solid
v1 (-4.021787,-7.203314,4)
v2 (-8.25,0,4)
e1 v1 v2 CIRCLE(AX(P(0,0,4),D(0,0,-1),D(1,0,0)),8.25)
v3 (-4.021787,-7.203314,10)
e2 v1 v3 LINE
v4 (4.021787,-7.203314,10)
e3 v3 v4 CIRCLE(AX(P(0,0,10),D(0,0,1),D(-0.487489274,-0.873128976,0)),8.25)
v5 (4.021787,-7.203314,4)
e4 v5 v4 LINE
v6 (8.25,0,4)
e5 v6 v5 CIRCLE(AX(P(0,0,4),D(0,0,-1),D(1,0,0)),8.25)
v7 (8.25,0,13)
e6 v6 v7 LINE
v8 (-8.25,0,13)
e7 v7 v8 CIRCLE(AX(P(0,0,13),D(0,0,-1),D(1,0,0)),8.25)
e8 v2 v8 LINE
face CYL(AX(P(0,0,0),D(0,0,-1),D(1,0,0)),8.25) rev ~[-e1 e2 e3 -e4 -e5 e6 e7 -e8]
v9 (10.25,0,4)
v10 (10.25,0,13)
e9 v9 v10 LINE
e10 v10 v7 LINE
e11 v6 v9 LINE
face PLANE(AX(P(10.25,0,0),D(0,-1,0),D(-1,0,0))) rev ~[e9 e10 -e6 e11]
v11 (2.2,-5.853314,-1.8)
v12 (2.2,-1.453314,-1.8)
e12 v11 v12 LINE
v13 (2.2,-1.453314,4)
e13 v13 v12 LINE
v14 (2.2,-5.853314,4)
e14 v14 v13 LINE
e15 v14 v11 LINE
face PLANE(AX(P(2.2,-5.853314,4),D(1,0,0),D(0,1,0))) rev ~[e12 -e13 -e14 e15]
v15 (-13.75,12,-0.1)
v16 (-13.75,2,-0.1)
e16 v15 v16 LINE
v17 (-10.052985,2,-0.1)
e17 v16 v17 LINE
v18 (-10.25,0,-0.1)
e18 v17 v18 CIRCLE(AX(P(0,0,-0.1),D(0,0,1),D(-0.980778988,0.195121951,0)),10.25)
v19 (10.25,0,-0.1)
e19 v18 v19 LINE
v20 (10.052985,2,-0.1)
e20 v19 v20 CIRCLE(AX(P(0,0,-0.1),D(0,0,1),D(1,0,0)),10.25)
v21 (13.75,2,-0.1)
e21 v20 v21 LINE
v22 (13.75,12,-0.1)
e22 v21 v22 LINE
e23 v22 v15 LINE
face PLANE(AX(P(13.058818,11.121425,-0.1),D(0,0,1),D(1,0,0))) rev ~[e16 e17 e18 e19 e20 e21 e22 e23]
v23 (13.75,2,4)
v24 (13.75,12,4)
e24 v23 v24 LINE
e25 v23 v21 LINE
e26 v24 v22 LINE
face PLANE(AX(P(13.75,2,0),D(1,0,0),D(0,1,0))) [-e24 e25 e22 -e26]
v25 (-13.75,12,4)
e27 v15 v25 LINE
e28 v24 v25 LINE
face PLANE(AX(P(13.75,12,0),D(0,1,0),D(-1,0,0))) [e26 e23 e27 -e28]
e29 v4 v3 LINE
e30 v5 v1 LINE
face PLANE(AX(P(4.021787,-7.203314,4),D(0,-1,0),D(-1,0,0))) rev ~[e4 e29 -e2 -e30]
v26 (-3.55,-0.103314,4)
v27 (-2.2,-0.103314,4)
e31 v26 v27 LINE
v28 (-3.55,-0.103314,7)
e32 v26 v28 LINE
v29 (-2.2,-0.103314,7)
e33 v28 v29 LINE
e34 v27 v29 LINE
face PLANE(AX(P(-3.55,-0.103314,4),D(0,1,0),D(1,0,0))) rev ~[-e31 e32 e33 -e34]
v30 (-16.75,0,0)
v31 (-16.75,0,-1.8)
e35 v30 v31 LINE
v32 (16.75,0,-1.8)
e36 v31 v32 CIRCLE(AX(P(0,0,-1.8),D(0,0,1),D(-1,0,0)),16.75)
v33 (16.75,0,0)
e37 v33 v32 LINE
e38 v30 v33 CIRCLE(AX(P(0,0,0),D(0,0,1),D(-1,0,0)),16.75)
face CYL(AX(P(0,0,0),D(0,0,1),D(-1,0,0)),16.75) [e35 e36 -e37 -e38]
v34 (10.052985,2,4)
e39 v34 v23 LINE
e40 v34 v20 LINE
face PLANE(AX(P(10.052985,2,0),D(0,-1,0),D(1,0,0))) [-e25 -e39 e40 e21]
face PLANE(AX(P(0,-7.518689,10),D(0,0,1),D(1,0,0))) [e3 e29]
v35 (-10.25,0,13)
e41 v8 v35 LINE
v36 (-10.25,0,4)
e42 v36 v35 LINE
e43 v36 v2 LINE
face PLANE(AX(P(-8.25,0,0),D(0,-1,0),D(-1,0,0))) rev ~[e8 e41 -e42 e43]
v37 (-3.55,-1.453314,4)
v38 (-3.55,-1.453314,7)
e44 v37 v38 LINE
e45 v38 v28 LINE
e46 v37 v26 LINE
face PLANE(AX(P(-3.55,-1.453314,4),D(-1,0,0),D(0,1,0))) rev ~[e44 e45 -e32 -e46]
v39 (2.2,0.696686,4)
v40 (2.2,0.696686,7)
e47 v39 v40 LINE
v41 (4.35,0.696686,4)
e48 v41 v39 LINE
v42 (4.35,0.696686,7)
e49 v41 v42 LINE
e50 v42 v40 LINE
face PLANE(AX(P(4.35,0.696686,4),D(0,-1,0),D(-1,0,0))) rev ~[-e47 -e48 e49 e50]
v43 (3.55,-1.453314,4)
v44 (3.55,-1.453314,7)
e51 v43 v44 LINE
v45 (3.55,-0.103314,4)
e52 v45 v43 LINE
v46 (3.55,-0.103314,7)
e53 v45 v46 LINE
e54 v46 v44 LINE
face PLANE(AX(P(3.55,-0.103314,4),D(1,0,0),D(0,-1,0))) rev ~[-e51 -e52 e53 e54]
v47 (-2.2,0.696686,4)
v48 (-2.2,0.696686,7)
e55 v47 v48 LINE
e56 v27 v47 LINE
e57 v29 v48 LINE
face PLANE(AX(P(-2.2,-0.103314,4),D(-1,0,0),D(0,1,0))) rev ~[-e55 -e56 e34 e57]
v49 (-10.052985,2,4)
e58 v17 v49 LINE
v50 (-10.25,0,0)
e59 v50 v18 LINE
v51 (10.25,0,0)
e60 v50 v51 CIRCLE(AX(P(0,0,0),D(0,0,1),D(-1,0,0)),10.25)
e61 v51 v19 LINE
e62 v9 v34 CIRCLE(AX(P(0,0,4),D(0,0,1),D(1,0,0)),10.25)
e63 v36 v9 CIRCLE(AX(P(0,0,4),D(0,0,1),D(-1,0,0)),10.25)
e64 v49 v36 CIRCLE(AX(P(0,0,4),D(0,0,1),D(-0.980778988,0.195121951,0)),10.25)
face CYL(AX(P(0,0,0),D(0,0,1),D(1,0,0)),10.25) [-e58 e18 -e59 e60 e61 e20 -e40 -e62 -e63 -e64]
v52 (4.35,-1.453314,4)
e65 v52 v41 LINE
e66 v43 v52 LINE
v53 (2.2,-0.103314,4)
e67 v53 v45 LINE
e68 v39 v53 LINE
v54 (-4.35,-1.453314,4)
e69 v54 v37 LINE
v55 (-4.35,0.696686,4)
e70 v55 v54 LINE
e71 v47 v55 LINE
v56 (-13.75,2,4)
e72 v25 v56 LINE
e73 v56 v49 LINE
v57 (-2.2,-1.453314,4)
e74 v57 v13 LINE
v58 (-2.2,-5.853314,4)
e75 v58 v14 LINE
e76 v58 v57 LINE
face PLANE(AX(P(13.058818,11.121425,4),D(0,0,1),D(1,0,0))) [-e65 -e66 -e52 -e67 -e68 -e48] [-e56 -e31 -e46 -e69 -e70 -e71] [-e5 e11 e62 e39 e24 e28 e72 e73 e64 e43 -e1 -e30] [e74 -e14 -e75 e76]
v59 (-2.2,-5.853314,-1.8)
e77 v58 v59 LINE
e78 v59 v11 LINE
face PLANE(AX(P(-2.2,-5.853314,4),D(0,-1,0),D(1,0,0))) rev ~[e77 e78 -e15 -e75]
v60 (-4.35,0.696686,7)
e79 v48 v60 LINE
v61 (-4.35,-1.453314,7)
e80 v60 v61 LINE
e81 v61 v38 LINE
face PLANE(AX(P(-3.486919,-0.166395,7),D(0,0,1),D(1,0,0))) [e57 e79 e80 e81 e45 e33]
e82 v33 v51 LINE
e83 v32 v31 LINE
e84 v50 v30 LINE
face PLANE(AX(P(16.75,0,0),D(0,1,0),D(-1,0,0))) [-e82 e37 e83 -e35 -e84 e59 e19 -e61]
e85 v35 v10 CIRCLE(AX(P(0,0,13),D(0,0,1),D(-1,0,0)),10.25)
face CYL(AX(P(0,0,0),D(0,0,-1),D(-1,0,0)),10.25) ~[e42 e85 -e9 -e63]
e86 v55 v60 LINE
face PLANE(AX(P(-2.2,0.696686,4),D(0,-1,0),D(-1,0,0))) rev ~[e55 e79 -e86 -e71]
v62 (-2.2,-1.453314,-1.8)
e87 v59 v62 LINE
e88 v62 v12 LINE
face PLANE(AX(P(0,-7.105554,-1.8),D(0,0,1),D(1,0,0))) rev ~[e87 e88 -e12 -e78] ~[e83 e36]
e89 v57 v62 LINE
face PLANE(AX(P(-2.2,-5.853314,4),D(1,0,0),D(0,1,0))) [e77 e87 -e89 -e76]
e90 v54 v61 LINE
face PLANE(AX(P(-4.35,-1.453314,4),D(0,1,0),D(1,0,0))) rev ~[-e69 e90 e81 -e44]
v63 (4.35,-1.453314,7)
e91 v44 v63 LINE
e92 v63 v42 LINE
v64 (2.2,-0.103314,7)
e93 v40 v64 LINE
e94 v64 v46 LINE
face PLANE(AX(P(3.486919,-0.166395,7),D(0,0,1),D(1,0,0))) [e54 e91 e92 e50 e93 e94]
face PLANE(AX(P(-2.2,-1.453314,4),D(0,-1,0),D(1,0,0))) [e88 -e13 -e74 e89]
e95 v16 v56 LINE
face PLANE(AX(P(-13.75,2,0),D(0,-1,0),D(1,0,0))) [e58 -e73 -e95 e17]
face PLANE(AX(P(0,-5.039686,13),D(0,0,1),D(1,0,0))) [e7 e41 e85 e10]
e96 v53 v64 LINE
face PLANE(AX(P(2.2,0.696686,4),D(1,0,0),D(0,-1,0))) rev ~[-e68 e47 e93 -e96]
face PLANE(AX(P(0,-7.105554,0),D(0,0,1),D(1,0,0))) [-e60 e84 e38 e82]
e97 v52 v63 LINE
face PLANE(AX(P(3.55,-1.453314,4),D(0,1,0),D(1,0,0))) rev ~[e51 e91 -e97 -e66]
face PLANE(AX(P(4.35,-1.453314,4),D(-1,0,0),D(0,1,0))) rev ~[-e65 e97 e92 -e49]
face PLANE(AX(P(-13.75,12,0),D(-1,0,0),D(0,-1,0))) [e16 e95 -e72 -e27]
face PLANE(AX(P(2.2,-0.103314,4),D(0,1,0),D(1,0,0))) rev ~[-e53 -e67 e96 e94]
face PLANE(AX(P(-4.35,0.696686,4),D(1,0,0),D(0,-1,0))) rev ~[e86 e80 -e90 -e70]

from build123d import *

# Parameters (mm, degrees)
F1_DEPTH      = 1.8
F2_DEPTH      = 4
F2_DEPTH_BACK = 0.1
F3_DEPTH      = 13
F3_DEPTH_BACK = 1.7
F4_W          = 4.4
F4_H          = 4.4
F5_DEPTH      = 10
F6_DEPTH      = 3
F7_DEPTH      = 6


with BuildPart() as f1:
    # F0 (on Top) → F1 (new body)
    with BuildSketch(Plane.XY):
        with BuildLine():
            Line((-13.75, 0), (-16.75, 0))
            ThreePointArc((-16.75, 0), (0, -16.75), (16.75, 0))
            Line((16.75, 0), (13.75, 0))
            Line((13.75, 0), (10.25, 0))
            ThreePointArc((10.25, 0), (0, -10.25), (-10.25, 0))
            Line((-10.25, 0), (-13.75, 0))
        make_face()
        with BuildLine():
            Line((-8.25, 0), (-10.25, 0))
            ThreePointArc((-10.25, 0), (0, -10.25), (10.25, 0))
            Line((10.25, 0), (8.25, 0))
            ThreePointArc((8.25, 0), (0, -8.25), (-8.25, 0))
        make_face()
        with BuildLine():
            Line((8.25, 0), (-8.25, 0))
            ThreePointArc((-8.25, 0), (0, -8.25), (8.25, 0))
        make_face()
    extrude(amount=-F1_DEPTH)

    # F0 (on Top) → F2 (join, two sides)
    with BuildSketch(Plane.XY) as f2_sk:
        with BuildLine():
            ThreePointArc((11.6859958925, 12), (12.7761141335, 10.8320546365), (13.75, 9.5655632349))
            Line((13.75, 9.5655632349), (13.75, 12))
            Line((13.75, 12), (11.6859958925, 12))
        make_face()
        with BuildLine():
            ThreePointArc((-10.0529846314, 2), (-10.2006272472, 1.0048401683), (-10.25, 0))
            Line((-10.25, 0), (-8.25, 0))
            ThreePointArc((-8.25, 0), (-8.1882451935, 1.0075418854), (-8.0039052968, 2))
            Line((-8.0039052968, 2), (-10.0529846314, 2))
        make_face()
        with BuildLine():
            ThreePointArc((-8.0039052968, 2), (-8.1882451935, 1.0075418854), (-8.25, 0))
            Line((-8.25, 0), (8.25, 0))
            ThreePointArc((8.25, 0), (8.1882451935, 1.0075418854), (8.0039052968, 2))
            Line((8.0039052968, 2), (-8.0039052968, 2))
        make_face()
        with BuildLine():
            Line((8.25, 0), (10.25, 0))
            ThreePointArc((10.25, 0), (10.2006272472, 1.0048401683), (10.0529846314, 2))
            Line((10.0529846314, 2), (8.0039052968, 2))
            ThreePointArc((8.0039052968, 2), (8.1882451935, 1.0075418854), (8.25, 0))
        make_face()
        with BuildLine():
            ThreePointArc((-11.6859958925, 12), (-12.7761141335, 10.8320546365), (-13.75, 9.5655632349))
            Line((-13.75, 9.5655632349), (-13.75, 2))
            Line((-13.75, 2), (-10.0529846314, 2))
            ThreePointArc((-10.0529846314, 2), (0, 10.25), (10.0529846314, 2))
            Line((10.0529846314, 2), (13.75, 2))
            Line((13.75, 2), (13.75, 9.5655632349))
            ThreePointArc((13.75, 9.5655632349), (12.7761141335, 10.8320546365), (11.6859958925, 12))
            Line((11.6859958925, 12), (-11.6859958925, 12))
        make_face()
        with BuildLine():
            Line((8.25, 0), (-8.25, 0))
            ThreePointArc((-8.25, 0), (0, -8.25), (8.25, 0))
        make_face()
        with BuildLine():
            Line((-8.25, 0), (-10.25, 0))
            ThreePointArc((-10.25, 0), (0, -10.25), (10.25, 0))
            Line((10.25, 0), (8.25, 0))
            ThreePointArc((8.25, 0), (0, -8.25), (-8.25, 0))
        make_face()
        with BuildLine():
            ThreePointArc((10.0529846314, 2), (0, 10.25), (-10.0529846314, 2))
            Line((-10.0529846314, 2), (-8.0039052968, 2))
            ThreePointArc((-8.0039052968, 2), (0, 8.25), (8.0039052968, 2))
            Line((8.0039052968, 2), (10.0529846314, 2))
        make_face()
        with BuildLine():
            ThreePointArc((8.0039052968, 2), (0, 8.25), (-8.0039052968, 2))
            Line((-8.0039052968, 2), (8.0039052968, 2))
        make_face()
        with BuildLine():
            Line((-13.75, 12), (-13.75, 9.5655632349))
            ThreePointArc((-13.75, 9.5655632349), (-12.7761141335, 10.8320546365), (-11.6859958925, 12))
            Line((-11.6859958925, 12), (-13.75, 12))
        make_face()
    extrude(amount=F2_DEPTH)
    extrude(f2_sk.sketch, amount=-F2_DEPTH_BACK)

    # F0 (on Top) → F3 (join, two sides)
    with BuildSketch(Plane.XY) as f3_sk:
        with BuildLine():
            Line((-8.25, 0), (-10.25, 0))
            ThreePointArc((-10.25, 0), (0, -10.25), (10.25, 0))
            Line((10.25, 0), (8.25, 0))
            ThreePointArc((8.25, 0), (0, -8.25), (-8.25, 0))
        make_face()
    extrude(amount=F3_DEPTH)
    extrude(f3_sk.sketch, amount=-F3_DEPTH_BACK)

    # F4 (on face) → F5 (cut)
    with BuildSketch(Plane.XY.offset(4)):
        with Locations((0, -3.653314048)):
            Rectangle(F4_W, F4_H)
    extrude(amount=-F5_DEPTH, mode=Mode.SUBTRACT)

    # F4 (on face) → F6 (join)
    with BuildSketch(Plane.XY.offset(4)):
        Polygon((-3.55, -0.103314048), (-2.2, -0.103314048), (-2.2, 0.696685952), (-4.35, 0.696685952), (-4.35, -1.453314048), (-3.55, -1.453314048), align=None)
        Polygon((2.2, -0.103314048), (3.55, -0.103314048), (3.55, -1.453314048), (4.35, -1.453314048), (4.35, 0.696685952), (2.2, 0.696685952), align=None)
    extrude(amount=F6_DEPTH)

    # F4 (on face) → F7 (join)
    with BuildSketch(Plane.XY.offset(4)):
        with BuildLine():
            Line((4.0217865093, -7.203314048), (3.55, -7.203314048))
            Line((3.55, -7.203314048), (-3.55, -7.203314048))
            Line((-3.55, -7.203314048), (-4.0217865093, -7.203314048))
            ThreePointArc((-4.0217865093, -7.203314048), (0, -8.25), (4.0217865093, -7.203314048))
        make_face()
    extrude(amount=F7_DEPTH)


solid = f1.part
